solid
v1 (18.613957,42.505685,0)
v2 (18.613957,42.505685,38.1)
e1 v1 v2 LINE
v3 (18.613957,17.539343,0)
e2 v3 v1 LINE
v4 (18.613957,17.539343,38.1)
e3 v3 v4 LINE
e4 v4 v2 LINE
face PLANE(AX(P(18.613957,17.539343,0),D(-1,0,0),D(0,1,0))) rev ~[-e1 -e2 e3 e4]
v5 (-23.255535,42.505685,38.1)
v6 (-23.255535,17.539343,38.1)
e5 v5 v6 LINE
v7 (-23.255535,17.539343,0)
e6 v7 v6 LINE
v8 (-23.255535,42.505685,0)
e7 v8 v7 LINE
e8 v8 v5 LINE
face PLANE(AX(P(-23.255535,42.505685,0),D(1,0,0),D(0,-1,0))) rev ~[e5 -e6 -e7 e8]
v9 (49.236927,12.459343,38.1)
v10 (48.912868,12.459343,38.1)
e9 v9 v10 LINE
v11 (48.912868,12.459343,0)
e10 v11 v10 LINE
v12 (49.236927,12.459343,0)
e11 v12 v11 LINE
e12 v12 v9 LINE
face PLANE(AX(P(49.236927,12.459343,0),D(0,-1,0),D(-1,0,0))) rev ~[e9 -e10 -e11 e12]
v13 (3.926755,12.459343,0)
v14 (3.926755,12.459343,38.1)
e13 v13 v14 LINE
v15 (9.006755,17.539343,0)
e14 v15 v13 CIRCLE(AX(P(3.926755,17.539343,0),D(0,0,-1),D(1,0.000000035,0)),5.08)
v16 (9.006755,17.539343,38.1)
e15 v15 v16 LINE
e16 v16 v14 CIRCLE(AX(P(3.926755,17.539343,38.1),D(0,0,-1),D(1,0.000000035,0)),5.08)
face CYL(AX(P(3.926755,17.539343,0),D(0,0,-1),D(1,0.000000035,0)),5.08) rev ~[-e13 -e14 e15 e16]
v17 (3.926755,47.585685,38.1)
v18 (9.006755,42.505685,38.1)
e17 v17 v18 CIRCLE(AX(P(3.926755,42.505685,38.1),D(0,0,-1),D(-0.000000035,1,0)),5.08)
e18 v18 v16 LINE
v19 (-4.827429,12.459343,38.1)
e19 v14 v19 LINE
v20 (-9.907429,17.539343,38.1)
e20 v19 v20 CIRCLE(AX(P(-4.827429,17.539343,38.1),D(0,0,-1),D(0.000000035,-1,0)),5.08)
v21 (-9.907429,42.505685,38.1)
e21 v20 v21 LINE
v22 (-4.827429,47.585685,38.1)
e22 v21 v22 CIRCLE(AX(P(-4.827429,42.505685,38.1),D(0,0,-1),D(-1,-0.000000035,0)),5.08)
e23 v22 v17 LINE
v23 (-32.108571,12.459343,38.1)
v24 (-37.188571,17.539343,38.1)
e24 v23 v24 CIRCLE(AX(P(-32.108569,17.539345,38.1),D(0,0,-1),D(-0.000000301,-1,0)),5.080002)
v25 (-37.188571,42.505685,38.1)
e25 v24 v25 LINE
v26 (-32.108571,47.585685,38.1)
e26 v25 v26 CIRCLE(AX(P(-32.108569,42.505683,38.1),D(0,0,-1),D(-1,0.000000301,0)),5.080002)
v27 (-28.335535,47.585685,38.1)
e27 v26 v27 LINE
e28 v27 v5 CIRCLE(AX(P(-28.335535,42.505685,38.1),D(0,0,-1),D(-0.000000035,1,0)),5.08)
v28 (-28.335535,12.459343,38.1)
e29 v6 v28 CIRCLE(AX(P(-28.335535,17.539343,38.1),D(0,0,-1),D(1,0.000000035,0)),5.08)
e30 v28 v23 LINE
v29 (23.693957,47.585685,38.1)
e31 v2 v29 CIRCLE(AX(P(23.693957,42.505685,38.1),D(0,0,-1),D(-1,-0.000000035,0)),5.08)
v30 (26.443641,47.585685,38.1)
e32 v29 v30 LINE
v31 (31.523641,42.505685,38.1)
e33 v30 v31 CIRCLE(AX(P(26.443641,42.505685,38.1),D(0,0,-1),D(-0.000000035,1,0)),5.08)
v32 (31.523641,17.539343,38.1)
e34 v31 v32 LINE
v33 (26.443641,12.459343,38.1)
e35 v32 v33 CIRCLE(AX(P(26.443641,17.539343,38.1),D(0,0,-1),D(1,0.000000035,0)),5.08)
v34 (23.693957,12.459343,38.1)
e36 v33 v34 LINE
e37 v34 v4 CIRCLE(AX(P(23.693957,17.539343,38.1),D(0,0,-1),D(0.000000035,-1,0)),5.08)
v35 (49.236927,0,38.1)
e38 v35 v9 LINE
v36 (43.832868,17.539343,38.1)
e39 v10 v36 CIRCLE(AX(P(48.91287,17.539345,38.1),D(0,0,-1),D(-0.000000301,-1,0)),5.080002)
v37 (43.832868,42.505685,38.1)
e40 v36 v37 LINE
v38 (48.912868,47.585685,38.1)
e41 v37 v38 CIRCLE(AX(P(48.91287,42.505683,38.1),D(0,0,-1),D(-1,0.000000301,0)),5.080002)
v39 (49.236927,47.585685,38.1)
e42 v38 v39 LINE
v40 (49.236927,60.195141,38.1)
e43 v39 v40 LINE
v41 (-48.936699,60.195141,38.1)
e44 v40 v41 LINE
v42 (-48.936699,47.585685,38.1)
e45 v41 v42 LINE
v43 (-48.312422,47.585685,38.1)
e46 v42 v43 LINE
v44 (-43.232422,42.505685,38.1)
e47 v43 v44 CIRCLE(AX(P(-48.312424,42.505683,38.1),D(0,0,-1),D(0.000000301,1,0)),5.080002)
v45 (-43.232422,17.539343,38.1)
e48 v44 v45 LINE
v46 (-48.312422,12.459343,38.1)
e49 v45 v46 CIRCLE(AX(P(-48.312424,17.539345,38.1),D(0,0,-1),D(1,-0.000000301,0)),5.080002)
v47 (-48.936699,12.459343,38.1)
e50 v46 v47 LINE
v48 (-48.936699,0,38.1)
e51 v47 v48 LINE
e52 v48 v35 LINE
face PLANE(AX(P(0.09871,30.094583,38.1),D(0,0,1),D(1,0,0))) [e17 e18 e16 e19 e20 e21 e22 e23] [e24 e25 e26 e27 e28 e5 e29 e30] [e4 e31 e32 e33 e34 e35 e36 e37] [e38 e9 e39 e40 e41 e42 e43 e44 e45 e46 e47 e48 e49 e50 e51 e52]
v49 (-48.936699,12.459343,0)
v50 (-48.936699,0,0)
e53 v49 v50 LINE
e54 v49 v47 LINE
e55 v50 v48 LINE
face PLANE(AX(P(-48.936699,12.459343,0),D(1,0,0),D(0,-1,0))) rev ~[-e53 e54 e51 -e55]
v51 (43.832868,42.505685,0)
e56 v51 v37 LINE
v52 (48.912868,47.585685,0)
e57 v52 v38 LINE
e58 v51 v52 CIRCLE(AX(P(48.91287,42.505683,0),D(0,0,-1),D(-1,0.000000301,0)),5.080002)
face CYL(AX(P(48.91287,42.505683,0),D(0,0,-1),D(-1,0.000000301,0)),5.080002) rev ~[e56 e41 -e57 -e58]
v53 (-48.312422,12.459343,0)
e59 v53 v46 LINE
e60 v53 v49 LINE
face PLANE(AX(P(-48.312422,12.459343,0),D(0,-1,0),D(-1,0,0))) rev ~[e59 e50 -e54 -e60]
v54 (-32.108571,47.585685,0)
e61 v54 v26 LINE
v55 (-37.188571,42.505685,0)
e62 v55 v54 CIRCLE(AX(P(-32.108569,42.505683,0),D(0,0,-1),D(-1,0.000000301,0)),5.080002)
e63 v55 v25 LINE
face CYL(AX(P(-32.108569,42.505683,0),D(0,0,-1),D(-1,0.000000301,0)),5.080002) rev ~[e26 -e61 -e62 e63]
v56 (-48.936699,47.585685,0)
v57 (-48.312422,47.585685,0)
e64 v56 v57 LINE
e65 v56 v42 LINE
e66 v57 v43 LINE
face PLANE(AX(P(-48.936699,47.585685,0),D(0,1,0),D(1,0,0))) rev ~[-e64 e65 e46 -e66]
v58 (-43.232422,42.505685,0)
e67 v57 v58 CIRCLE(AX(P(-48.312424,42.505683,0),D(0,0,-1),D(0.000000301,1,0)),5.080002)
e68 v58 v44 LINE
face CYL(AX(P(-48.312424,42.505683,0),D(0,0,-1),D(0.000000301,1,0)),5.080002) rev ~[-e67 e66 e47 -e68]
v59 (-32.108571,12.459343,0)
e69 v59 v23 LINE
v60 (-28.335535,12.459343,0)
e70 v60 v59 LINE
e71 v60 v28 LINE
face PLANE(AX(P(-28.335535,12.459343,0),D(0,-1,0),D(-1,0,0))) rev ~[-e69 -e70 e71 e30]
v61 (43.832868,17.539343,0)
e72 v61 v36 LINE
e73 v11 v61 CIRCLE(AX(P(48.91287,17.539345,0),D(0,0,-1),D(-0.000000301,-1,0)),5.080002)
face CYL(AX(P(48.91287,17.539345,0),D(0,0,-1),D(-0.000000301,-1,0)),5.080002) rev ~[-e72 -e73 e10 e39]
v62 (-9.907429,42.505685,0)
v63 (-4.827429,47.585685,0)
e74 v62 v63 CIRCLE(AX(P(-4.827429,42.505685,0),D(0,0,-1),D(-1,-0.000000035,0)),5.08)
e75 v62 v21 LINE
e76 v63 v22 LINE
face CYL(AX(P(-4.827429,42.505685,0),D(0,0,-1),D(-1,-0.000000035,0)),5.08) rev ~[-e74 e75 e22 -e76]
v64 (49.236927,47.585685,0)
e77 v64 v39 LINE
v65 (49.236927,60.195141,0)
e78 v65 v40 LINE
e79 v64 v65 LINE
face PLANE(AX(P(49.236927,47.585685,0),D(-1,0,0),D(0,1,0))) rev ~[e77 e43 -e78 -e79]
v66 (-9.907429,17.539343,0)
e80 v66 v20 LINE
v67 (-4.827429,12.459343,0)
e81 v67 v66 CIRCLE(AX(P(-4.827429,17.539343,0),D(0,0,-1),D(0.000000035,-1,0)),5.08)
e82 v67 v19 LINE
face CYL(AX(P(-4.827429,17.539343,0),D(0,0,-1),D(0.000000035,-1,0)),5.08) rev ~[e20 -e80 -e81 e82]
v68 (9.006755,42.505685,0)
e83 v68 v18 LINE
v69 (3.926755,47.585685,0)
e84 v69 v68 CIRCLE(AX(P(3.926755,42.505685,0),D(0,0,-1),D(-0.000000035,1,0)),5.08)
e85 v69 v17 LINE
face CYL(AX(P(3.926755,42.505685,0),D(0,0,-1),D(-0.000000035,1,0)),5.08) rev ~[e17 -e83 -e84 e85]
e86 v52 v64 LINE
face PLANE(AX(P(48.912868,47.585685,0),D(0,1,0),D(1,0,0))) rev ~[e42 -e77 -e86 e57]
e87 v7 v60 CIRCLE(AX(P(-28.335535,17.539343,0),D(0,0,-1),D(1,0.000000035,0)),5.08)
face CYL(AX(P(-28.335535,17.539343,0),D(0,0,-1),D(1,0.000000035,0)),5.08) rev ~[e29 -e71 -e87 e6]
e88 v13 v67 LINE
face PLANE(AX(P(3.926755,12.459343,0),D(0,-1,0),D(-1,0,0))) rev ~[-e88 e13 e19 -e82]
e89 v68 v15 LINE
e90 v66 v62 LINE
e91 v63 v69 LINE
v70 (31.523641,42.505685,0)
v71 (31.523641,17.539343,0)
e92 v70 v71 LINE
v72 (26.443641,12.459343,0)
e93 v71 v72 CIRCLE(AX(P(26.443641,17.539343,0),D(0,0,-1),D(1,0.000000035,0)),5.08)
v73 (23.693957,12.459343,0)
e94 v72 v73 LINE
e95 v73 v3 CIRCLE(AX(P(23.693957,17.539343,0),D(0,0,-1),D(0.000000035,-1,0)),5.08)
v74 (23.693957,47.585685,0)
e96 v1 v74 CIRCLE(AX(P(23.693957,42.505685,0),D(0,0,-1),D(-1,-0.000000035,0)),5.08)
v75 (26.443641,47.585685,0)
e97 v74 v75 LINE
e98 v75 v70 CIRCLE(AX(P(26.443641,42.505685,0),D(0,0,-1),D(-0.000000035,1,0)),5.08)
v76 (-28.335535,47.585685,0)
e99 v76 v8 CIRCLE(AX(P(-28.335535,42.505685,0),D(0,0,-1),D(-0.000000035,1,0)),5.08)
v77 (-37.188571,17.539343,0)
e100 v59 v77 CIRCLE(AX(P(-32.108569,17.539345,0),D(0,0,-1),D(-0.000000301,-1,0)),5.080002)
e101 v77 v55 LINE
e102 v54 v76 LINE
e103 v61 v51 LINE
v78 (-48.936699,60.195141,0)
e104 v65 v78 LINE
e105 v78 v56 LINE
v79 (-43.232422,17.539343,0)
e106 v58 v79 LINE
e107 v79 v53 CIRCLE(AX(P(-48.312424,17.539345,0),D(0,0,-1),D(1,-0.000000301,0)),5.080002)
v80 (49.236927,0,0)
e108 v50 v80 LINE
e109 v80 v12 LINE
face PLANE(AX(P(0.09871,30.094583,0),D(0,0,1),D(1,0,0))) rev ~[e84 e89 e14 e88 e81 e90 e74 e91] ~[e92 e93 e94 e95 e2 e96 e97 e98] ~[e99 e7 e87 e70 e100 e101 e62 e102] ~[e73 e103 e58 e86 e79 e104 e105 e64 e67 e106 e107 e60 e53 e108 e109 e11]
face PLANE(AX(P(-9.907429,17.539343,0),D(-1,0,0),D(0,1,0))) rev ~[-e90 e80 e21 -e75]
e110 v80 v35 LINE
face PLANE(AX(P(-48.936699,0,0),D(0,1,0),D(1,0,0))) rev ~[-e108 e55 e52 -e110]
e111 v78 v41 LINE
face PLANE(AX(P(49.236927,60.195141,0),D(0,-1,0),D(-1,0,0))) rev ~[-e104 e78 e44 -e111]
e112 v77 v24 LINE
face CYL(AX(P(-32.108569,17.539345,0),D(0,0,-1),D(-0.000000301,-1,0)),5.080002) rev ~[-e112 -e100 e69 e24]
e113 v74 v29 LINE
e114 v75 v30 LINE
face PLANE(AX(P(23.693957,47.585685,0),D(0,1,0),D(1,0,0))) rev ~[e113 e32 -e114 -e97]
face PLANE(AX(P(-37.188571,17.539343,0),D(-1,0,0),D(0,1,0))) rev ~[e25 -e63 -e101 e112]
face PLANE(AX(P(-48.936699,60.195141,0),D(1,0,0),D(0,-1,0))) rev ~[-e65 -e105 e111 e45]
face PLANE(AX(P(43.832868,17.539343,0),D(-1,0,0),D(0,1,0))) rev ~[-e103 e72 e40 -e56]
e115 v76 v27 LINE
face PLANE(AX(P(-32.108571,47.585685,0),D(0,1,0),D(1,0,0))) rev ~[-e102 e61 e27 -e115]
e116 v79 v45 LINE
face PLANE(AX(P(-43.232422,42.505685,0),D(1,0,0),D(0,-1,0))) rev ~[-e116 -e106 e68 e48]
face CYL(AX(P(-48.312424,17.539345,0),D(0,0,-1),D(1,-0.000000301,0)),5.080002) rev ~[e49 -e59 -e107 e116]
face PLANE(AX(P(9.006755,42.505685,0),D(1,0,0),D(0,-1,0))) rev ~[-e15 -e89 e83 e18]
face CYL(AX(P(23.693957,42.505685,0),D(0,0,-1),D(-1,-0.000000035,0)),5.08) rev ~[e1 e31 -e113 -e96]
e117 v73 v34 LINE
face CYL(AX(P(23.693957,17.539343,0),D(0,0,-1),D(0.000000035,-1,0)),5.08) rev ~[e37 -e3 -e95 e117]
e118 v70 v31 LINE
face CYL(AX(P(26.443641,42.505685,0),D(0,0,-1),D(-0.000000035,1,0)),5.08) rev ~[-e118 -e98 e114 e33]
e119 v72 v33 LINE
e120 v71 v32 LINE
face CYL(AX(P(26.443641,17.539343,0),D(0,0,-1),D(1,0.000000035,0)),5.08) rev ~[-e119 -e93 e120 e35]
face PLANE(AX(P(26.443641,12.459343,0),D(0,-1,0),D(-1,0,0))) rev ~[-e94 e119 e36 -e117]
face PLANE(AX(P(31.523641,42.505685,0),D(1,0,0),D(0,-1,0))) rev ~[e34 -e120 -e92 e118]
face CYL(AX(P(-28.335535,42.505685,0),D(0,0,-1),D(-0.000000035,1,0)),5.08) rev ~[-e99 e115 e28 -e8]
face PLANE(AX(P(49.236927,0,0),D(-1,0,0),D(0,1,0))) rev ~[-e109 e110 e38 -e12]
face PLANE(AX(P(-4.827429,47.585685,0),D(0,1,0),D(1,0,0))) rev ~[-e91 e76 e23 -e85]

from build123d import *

# Parameters (mm, degrees)
F1_DEPTH = 38.1


with BuildPart() as f1:
    # F0 (on Top) → F1 (new body)
    with BuildSketch(Plane.XY):
        with BuildLine():
            Line((-48.936699, 12.459343), (-48.936699, 0))
            Line((-48.936699, 0), (49.236927, 0))
            Line((49.236927, 0), (49.236927, 12.459343))
            Line((49.236927, 12.459343), (48.912868, 12.459343))
            ThreePointArc((48.912868, 12.459343), (45.320766, 13.947241), (43.832868, 17.539343))
            Line((43.832868, 17.539343), (43.832868, 42.505685))
            ThreePointArc((43.832868, 42.505685), (45.320766, 46.097787), (48.912868, 47.585685))
            Line((48.912868, 47.585685), (49.236927, 47.585685))
            Line((49.236927, 47.585685), (49.236927, 60.195141))
            Line((49.236927, 60.195141), (-48.936699, 60.195141))
            Line((-48.936699, 60.195141), (-48.936699, 47.585685))
            Line((-48.936699, 47.585685), (-48.312422, 47.585685))
            ThreePointArc((-48.312422, 47.585685), (-44.72032, 46.097787), (-43.232422, 42.505685))
            Line((-43.232422, 42.505685), (-43.232422, 17.539343))
            ThreePointArc((-43.232422, 17.539343), (-44.72032, 13.947241), (-48.312422, 12.459343))
            Line((-48.312422, 12.459343), (-48.936699, 12.459343))
        make_face()
        with BuildLine():
            Line((-37.188571, 17.539343), (-37.188571, 42.505685))
            ThreePointArc((-37.188571, 42.505685), (-35.700673, 46.097787), (-32.108571, 47.585685))
            Line((-32.108571, 47.585685), (-28.335535, 47.585685))
            ThreePointArc((-28.335535, 47.585685), (-24.743432, 46.097787), (-23.255535, 42.505685))
            Line((-23.255535, 42.505685), (-23.255535, 17.539343))
            ThreePointArc((-23.255535, 17.539343), (-24.743432, 13.947241), (-28.335535, 12.459343))
            Line((-28.335535, 12.459343), (-32.108571, 12.459343))
            ThreePointArc((-32.108571, 12.459343), (-35.700673, 13.947241), (-37.188571, 17.539343))
        make_face(mode=Mode.SUBTRACT)
        with BuildLine():
            Line((-9.907429, 17.539343), (-9.907429, 42.505685))
            ThreePointArc((-9.907429, 42.505685), (-8.419532, 46.097787), (-4.827429, 47.585685))
            Line((-4.827429, 47.585685), (3.926755, 47.585685))
            ThreePointArc((3.926755, 47.585685), (7.518858, 46.097787), (9.006755, 42.505685))
            Line((9.006755, 42.505685), (9.006755, 17.539343))
            ThreePointArc((9.006755, 17.539343), (7.518858, 13.947241), (3.926755, 12.459343))
            Line((3.926755, 12.459343), (-4.827429, 12.459343))
            ThreePointArc((-4.827429, 12.459343), (-8.419532, 13.947241), (-9.907429, 17.539343))
        make_face(mode=Mode.SUBTRACT)
        with BuildLine():
            Line((18.613957, 17.539343), (18.613957, 42.505685))
            ThreePointArc((18.613957, 42.505685), (20.101854, 46.097787), (23.693957, 47.585685))
            Line((23.693957, 47.585685), (26.443641, 47.585685))
            ThreePointArc((26.443641, 47.585685), (30.035744, 46.097787), (31.523641, 42.505685))
            Line((31.523641, 42.505685), (31.523641, 17.539343))
            ThreePointArc((31.523641, 17.539343), (30.035744, 13.947241), (26.443641, 12.459343))
            Line((26.443641, 12.459343), (23.693957, 12.459343))
            ThreePointArc((23.693957, 12.459343), (20.101854, 13.947241), (18.613957, 17.539343))
        make_face(mode=Mode.SUBTRACT)
    extrude(amount=F1_DEPTH)


solid = f1.part
